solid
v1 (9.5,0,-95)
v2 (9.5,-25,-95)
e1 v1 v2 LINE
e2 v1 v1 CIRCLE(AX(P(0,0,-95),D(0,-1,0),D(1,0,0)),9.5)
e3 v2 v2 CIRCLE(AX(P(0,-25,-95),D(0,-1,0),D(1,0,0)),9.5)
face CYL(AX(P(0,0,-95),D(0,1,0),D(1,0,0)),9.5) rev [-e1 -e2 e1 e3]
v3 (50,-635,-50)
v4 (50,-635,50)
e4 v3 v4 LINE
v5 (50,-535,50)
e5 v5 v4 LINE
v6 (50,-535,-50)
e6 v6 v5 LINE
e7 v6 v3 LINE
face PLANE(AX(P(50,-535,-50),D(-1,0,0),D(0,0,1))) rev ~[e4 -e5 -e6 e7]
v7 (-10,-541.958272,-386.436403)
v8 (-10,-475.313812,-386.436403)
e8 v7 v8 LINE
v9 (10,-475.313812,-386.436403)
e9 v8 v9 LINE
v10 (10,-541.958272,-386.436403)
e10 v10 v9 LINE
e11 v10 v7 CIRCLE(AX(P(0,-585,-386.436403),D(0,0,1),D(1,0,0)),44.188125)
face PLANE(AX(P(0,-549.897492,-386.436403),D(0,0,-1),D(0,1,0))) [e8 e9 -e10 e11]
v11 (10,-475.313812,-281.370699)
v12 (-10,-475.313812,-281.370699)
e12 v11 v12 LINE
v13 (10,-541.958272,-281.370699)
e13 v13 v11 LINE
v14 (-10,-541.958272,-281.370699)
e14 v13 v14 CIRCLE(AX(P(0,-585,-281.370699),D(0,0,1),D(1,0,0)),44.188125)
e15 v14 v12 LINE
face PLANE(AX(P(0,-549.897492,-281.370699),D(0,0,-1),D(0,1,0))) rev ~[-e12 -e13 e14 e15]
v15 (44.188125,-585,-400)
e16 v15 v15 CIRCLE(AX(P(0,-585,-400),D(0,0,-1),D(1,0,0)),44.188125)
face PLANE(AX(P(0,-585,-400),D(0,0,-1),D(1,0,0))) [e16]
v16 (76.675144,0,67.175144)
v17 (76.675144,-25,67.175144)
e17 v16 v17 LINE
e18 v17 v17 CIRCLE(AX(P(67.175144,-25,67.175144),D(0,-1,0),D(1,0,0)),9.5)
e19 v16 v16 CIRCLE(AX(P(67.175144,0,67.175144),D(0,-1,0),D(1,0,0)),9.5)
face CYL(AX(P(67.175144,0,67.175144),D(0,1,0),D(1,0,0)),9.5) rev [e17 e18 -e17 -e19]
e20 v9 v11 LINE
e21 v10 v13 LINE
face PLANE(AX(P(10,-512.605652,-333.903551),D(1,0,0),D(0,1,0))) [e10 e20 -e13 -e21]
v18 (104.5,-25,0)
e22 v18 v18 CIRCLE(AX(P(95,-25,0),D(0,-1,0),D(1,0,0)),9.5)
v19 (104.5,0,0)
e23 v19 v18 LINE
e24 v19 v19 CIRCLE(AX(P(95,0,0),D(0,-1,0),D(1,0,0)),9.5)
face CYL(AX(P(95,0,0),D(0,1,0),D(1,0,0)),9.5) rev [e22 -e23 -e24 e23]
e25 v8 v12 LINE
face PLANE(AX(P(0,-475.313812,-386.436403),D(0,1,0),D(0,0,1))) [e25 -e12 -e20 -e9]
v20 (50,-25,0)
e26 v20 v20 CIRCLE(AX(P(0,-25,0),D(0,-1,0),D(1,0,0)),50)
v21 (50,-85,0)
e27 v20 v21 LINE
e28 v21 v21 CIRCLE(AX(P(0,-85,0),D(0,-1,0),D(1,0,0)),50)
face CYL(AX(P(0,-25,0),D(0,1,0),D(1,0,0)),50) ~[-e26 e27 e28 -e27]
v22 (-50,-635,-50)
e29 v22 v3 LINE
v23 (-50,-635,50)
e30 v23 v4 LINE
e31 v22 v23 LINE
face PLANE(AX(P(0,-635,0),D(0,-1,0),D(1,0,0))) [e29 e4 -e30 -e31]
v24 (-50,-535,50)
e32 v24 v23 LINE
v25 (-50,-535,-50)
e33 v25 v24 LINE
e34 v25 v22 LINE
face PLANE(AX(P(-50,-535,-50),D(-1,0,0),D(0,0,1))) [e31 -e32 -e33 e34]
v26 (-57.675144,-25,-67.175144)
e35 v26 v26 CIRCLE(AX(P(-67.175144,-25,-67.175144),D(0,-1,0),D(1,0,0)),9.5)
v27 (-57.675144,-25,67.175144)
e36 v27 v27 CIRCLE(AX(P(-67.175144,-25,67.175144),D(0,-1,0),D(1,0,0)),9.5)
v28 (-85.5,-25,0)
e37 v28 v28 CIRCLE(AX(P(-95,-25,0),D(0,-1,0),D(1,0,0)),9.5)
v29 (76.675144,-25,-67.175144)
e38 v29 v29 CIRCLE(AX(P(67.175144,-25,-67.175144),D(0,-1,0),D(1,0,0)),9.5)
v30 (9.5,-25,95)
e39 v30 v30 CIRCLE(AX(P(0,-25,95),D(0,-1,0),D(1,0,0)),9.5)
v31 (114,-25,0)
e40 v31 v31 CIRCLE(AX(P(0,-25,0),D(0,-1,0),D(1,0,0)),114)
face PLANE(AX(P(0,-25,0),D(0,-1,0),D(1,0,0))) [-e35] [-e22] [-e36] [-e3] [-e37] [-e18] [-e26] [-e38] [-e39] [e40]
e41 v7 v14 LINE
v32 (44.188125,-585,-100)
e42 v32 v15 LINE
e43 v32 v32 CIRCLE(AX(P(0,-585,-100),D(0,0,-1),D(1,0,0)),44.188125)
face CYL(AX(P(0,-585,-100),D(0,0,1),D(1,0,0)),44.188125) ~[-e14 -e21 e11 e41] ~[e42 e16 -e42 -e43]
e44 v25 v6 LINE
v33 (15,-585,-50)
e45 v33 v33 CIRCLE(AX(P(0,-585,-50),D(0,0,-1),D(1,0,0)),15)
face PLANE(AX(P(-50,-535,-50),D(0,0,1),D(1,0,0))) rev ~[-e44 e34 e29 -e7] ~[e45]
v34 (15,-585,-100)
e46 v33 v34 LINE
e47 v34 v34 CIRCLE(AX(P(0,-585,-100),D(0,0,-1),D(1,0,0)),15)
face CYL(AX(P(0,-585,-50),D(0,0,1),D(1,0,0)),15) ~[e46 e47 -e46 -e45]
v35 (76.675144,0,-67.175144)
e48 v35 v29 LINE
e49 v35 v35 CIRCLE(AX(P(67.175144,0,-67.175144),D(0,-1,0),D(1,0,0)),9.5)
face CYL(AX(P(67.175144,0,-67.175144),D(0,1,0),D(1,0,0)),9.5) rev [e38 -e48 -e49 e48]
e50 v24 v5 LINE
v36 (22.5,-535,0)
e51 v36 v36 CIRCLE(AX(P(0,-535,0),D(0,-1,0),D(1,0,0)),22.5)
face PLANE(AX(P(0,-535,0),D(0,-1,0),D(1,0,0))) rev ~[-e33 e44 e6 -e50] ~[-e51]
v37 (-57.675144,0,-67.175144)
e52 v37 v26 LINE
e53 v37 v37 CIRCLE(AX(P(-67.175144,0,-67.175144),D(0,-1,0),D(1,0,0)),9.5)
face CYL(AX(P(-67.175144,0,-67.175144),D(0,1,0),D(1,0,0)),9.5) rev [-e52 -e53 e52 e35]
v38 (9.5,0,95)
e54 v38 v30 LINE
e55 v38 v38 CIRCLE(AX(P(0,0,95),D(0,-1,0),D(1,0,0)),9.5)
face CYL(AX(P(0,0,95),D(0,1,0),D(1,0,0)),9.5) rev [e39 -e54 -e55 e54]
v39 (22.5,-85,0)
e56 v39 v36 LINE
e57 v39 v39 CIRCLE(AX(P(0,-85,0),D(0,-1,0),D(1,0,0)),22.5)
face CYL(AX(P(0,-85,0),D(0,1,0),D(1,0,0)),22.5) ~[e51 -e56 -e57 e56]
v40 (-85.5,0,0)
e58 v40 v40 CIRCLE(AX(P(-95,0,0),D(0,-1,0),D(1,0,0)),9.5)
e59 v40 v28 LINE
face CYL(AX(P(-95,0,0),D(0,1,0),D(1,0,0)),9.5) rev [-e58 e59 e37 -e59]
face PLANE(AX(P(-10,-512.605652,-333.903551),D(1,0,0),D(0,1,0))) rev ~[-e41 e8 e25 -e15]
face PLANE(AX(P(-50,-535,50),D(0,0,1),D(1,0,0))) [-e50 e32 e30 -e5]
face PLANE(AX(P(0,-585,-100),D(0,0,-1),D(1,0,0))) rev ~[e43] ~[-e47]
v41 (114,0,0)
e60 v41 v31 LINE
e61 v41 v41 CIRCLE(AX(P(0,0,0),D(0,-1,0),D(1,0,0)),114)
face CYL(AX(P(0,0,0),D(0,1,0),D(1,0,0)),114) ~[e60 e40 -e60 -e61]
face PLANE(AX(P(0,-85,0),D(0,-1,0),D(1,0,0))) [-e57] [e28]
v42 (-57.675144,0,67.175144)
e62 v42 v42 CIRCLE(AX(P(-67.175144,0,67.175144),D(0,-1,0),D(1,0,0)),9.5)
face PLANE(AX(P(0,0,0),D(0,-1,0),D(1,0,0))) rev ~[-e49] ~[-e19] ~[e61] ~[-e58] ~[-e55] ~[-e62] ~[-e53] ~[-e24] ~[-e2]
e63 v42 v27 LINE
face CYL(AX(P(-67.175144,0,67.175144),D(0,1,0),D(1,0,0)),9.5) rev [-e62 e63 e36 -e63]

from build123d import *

# Parameters (mm, degrees)
F0_R      = 114
F0_R_2    = 9.5
F1_DEPTH  = 25
F2_R      = 50
F3_DEPTH  = 60
F4_R      = 22.5
F5_DEPTH  = 450
F6_W      = 100
F6_H      = 100
F7_DEPTH  = 100
F8_R      = 15
F9_DEPTH  = 50
F10_R     = 44.188125
F11_DEPTH = 300
F12_W     = 74.58368
F12_H     = 105.065704
F13_DEPTH = 10


with BuildPart() as f1:
    # F0 (on Front) → F1 (new body)
    with BuildSketch(Plane.XZ):
        Circle(F0_R)
        with Locations((-67.175144, -67.175144)):
            Circle(F0_R_2, mode=Mode.SUBTRACT)
        with Locations((0, -95)):
            Circle(F0_R_2, mode=Mode.SUBTRACT)
        with Locations((67.175144, -67.175144)):
            Circle(F0_R_2, mode=Mode.SUBTRACT)
        with Locations((-95, 0)):
            Circle(F0_R_2, mode=Mode.SUBTRACT)
        with Locations((-67.175144, 67.175144)):
            Circle(F0_R_2, mode=Mode.SUBTRACT)
        with Locations((95, 0)):
            Circle(F0_R_2, mode=Mode.SUBTRACT)
        with Locations((0, 95)):
            Circle(F0_R_2, mode=Mode.SUBTRACT)
        with Locations((67.175144, 67.175144)):
            Circle(F0_R_2, mode=Mode.SUBTRACT)
    extrude(amount=F1_DEPTH)

    # F2 (on face) → F3 (join)
    with BuildSketch(Plane.XZ.offset(25)):
        Circle(F2_R)
    extrude(amount=F3_DEPTH)

    # F4 (on face) → F5 (join)
    with BuildSketch(Plane.XZ.offset(85)):
        Circle(F4_R)
    extrude(amount=F5_DEPTH)

    # F6 (on face) → F7 (join)
    with BuildSketch(Plane.XZ.offset(535)):
        Rectangle(F6_W, F6_H)
    extrude(amount=F7_DEPTH)

    # F8 (on face) → F9 (join)
    with BuildSketch(Plane(origin=(0, 0, -50), x_dir=(1, 0, 0), z_dir=(0, 0, -1))):
        with Locations((0, 585)):
            Circle(F8_R)
    extrude(amount=F9_DEPTH)

    # F10 (on face) → F11 (join)
    with BuildSketch(Plane(origin=(0, 0, -100), x_dir=(1, 0, 0), z_dir=(0, 0, -1))):
        with Locations((0, 585)):
            Circle(F10_R)
    extrude(amount=F11_DEPTH)

    # F12 (on Right) → F13 (join, symmetric)
    with BuildSketch(Plane.YZ):
        with Locations((-512.605652, -333.903551)):
            Rectangle(F12_W, F12_H)
    extrude(amount=F13_DEPTH, both=True)


solid = f1.part
